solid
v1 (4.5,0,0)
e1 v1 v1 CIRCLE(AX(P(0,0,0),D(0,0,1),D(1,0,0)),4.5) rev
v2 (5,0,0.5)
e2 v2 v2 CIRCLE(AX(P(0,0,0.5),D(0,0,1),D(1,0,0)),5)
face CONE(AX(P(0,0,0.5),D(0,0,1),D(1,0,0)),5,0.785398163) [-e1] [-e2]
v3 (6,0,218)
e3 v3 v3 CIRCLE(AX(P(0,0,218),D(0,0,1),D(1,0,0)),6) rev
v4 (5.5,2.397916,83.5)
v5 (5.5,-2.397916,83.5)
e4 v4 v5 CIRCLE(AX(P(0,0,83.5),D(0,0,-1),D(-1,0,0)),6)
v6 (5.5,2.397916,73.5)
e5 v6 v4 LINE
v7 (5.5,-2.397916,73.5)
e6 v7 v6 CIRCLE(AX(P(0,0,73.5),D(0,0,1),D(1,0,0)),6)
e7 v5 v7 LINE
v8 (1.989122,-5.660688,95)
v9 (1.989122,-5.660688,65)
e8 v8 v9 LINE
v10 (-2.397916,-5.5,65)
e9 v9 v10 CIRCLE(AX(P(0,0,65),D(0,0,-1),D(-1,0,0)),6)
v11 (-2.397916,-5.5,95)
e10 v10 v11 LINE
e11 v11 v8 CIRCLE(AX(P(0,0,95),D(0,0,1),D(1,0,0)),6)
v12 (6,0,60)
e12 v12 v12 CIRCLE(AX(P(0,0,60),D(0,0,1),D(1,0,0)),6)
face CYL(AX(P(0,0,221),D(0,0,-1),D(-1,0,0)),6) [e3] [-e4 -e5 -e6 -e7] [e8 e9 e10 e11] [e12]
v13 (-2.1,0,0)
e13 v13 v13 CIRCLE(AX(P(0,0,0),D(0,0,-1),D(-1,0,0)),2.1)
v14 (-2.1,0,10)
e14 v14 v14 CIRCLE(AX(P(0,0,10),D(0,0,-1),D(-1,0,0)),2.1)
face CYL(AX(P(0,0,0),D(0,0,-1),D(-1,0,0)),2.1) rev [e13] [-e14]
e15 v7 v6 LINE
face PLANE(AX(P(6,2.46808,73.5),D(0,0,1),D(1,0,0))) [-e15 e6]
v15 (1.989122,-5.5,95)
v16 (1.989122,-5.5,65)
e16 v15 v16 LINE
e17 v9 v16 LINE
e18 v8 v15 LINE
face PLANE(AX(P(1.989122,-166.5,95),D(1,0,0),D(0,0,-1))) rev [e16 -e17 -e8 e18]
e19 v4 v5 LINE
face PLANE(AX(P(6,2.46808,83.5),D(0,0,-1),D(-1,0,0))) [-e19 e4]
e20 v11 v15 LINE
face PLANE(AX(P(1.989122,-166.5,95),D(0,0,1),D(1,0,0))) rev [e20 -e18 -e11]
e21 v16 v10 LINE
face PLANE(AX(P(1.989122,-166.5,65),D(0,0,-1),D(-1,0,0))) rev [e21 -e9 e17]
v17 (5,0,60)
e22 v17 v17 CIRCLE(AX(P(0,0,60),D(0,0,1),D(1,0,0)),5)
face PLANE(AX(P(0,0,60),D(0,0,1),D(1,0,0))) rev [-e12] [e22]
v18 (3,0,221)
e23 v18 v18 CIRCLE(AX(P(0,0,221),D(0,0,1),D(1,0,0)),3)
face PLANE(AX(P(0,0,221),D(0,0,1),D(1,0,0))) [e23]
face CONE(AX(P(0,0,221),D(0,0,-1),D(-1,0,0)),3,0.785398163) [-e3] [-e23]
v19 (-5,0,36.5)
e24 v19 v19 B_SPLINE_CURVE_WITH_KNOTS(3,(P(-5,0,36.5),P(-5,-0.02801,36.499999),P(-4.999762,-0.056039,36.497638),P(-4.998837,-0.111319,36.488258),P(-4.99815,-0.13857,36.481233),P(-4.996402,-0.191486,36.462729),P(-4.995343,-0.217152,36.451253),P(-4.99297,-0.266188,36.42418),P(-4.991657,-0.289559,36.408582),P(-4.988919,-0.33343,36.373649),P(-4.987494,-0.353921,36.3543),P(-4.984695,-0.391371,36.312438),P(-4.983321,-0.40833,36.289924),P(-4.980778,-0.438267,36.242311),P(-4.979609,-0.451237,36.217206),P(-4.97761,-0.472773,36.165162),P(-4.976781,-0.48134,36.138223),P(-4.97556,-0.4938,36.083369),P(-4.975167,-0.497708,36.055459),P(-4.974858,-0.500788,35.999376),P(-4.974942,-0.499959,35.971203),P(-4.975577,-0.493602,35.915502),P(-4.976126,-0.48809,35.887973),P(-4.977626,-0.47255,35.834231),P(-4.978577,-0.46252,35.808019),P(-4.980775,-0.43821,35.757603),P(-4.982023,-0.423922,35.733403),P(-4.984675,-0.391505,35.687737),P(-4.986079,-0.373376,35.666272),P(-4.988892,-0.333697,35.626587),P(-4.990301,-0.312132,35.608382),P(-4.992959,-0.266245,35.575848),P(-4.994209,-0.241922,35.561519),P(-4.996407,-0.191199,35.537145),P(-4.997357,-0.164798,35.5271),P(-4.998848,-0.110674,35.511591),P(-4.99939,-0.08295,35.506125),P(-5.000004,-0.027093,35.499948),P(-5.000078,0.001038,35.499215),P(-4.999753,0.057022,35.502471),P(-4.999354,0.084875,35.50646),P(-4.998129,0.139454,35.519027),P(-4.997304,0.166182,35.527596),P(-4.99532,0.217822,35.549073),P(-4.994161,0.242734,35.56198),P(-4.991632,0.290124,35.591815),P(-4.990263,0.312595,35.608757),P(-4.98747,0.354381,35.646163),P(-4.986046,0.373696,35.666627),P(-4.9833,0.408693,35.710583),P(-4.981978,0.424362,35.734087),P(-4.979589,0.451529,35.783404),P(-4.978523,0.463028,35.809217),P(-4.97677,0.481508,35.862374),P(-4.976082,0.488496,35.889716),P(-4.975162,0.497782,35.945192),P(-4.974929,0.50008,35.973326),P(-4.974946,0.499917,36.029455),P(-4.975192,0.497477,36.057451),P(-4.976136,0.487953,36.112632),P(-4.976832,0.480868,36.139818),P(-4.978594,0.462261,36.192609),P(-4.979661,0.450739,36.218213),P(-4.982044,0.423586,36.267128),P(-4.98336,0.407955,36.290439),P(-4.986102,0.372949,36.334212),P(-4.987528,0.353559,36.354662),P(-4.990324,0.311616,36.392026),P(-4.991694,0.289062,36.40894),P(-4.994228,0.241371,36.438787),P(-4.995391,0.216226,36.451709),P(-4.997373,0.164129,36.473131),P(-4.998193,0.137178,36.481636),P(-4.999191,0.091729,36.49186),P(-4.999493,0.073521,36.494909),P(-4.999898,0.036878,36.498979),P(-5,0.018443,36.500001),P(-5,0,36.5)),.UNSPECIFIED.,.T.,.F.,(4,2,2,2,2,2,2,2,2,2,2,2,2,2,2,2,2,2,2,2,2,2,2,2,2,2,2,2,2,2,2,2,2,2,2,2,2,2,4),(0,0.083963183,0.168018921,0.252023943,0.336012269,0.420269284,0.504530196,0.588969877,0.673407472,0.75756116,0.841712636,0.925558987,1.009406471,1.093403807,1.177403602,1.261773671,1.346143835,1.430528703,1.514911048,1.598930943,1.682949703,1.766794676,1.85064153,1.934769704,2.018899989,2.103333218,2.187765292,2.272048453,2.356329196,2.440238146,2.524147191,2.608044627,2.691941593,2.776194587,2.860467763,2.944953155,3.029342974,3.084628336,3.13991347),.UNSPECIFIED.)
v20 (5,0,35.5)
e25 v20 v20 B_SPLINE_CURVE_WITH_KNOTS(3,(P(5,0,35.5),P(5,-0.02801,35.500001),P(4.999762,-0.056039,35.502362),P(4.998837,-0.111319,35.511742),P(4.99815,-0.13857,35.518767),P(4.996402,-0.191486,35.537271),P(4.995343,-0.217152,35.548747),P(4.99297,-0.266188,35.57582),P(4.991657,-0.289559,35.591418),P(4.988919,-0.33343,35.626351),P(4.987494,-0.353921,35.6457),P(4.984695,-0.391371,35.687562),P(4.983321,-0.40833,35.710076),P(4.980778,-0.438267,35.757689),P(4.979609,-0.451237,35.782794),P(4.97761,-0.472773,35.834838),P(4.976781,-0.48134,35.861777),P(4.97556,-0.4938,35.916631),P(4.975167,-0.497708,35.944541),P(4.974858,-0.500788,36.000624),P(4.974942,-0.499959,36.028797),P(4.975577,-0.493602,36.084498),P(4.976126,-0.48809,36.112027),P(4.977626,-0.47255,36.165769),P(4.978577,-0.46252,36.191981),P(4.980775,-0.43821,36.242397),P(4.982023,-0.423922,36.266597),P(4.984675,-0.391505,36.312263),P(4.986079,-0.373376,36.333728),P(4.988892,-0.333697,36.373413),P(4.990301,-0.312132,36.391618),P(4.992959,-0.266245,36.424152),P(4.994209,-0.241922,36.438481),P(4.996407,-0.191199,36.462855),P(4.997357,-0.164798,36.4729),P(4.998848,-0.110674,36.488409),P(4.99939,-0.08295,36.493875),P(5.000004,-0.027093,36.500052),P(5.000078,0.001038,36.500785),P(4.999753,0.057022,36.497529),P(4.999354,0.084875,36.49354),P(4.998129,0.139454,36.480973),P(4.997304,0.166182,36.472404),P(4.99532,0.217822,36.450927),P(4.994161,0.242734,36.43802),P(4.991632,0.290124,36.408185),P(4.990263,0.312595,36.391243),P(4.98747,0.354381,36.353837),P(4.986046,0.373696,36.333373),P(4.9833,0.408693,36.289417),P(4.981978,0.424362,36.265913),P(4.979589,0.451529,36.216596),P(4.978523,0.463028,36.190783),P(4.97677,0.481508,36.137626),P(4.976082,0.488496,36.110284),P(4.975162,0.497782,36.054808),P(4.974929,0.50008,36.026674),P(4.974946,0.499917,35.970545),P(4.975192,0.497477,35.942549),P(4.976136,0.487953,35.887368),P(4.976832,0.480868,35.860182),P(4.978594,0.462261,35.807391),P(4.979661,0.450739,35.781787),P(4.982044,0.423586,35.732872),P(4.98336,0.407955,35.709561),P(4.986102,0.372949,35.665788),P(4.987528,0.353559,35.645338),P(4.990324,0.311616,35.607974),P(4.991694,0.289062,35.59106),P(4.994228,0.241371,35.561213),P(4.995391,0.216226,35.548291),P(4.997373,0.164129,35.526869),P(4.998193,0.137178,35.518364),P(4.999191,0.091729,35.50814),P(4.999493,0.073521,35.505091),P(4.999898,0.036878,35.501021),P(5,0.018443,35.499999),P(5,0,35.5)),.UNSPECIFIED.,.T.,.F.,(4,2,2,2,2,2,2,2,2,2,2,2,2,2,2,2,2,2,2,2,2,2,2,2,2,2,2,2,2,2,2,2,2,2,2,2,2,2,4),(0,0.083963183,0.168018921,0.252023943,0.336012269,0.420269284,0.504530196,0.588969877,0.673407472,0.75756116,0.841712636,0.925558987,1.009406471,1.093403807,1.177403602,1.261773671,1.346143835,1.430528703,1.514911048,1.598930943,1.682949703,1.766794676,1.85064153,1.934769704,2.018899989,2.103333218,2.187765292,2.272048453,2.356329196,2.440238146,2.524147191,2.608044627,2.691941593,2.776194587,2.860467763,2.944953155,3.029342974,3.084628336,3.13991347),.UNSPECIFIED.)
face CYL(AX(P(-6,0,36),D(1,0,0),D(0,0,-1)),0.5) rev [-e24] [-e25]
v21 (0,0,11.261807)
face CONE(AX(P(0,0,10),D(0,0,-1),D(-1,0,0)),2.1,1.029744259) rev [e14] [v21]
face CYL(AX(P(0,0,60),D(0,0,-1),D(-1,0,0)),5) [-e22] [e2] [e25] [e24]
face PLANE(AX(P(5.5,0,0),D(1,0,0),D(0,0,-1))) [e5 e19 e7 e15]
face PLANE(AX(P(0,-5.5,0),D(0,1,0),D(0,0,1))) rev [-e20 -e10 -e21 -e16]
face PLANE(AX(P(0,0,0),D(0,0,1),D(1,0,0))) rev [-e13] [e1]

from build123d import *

# Parameters (mm, degrees)
SKETCH1_R               = 5
BOSS_EXTRUDE1_DEPTH     = 60
SKETCH2_R               = 6
BOSS_EXTRUDE2_DEPTH     = 161
SKETCH3_R               = 0.5
CUT_EXTRUDE1_DEPTH      = 1.5
CUT_EXTRUDE1_DEPTH_BACK = 12.5
SKETCH4_W               = 10
SKETCH4_H               = 4.936159812
CUT_EXTRUDE2_DEPTH      = 1.5
M5_TAPPED_HOLE1_D       = 4.2
M5_TAPPED_HOLE1_DEPTH   = 10
M5_TAPPED_HOLE1_TIP     = 1.2618073
CHAMFER1_SIZE           = 3
CHAMFER2_SIZE           = 0.5
SKETCH8_W               = 5
SKETCH8_H               = 30
CUT_EXTRUDE3_DEPTH      = 161


with BuildPart() as part:
    # Sketch1 → Boss-Extrude1 (new body)
    with BuildSketch(Plane.XY):
        Circle(SKETCH1_R)
    extrude(amount=BOSS_EXTRUDE1_DEPTH)

    # Sketch2 → Boss-Extrude2 (add)
    with BuildSketch(Plane.XY.offset(60)):
        Circle(SKETCH2_R)
    extrude(amount=BOSS_EXTRUDE2_DEPTH)

    # Sketch3 → Cut-Extrude1 (cut, two sides)
    with BuildSketch(Plane(origin=(5.5, 0, 0), x_dir=(0, 0, -1), z_dir=(1, 0, 0))) as cut_extrude1_sk:
        with Locations((-36, 0)):
            Circle(SKETCH3_R)
    extrude(amount=CUT_EXTRUDE1_DEPTH, mode=Mode.SUBTRACT)
    extrude(cut_extrude1_sk.sketch, amount=-CUT_EXTRUDE1_DEPTH_BACK, mode=Mode.SUBTRACT)

    # Sketch4 → Cut-Extrude2 (cut, through all)
    with BuildSketch(Plane(origin=(5.5, 0, 0), x_dir=(0, 0, -1), z_dir=(1, 0, 0))):
        with Locations((-78.5, 0)):
            Rectangle(SKETCH4_W, SKETCH4_H)
    extrude(amount=CUT_EXTRUDE2_DEPTH, mode=Mode.SUBTRACT)

    # M5 Tapped Hole1
    with Locations(Plane(origin=(0, 0, 0), x_dir=(-1, 0, 0), z_dir=(0, 0, -1))):
        with Locations((0, 0)):
            Hole(M5_TAPPED_HOLE1_D / 2, depth=M5_TAPPED_HOLE1_DEPTH)
            with Locations((0, 0, -(M5_TAPPED_HOLE1_DEPTH + M5_TAPPED_HOLE1_TIP / 2))):  # 118° drill point
                Cone(0, M5_TAPPED_HOLE1_D / 2, M5_TAPPED_HOLE1_TIP, mode=Mode.SUBTRACT)

    # Chamfer1
    chamfer1_edges = [part.edges().sort_by_distance(p)[0] for p in [
        (-6, 0, 221),
    ]]
    chamfer(chamfer1_edges, length=CHAMFER1_SIZE)

    # Chamfer2
    chamfer2_edges = [part.edges().sort_by_distance(p)[0] for p in [
        (-5, 0, 0),
    ]]
    chamfer(chamfer2_edges, length=CHAMFER2_SIZE)

    # Sketch8 → Cut-Extrude3 (cut)
    with BuildSketch(Plane(origin=(0, -5.5, 0), x_dir=(1, 0, 0), z_dir=(0, 1, 0))):
        with Locations((-0.510877728, -80)):
            Rectangle(SKETCH8_W, SKETCH8_H)
    extrude(amount=-CUT_EXTRUDE3_DEPTH, mode=Mode.SUBTRACT)


solid = part.part
